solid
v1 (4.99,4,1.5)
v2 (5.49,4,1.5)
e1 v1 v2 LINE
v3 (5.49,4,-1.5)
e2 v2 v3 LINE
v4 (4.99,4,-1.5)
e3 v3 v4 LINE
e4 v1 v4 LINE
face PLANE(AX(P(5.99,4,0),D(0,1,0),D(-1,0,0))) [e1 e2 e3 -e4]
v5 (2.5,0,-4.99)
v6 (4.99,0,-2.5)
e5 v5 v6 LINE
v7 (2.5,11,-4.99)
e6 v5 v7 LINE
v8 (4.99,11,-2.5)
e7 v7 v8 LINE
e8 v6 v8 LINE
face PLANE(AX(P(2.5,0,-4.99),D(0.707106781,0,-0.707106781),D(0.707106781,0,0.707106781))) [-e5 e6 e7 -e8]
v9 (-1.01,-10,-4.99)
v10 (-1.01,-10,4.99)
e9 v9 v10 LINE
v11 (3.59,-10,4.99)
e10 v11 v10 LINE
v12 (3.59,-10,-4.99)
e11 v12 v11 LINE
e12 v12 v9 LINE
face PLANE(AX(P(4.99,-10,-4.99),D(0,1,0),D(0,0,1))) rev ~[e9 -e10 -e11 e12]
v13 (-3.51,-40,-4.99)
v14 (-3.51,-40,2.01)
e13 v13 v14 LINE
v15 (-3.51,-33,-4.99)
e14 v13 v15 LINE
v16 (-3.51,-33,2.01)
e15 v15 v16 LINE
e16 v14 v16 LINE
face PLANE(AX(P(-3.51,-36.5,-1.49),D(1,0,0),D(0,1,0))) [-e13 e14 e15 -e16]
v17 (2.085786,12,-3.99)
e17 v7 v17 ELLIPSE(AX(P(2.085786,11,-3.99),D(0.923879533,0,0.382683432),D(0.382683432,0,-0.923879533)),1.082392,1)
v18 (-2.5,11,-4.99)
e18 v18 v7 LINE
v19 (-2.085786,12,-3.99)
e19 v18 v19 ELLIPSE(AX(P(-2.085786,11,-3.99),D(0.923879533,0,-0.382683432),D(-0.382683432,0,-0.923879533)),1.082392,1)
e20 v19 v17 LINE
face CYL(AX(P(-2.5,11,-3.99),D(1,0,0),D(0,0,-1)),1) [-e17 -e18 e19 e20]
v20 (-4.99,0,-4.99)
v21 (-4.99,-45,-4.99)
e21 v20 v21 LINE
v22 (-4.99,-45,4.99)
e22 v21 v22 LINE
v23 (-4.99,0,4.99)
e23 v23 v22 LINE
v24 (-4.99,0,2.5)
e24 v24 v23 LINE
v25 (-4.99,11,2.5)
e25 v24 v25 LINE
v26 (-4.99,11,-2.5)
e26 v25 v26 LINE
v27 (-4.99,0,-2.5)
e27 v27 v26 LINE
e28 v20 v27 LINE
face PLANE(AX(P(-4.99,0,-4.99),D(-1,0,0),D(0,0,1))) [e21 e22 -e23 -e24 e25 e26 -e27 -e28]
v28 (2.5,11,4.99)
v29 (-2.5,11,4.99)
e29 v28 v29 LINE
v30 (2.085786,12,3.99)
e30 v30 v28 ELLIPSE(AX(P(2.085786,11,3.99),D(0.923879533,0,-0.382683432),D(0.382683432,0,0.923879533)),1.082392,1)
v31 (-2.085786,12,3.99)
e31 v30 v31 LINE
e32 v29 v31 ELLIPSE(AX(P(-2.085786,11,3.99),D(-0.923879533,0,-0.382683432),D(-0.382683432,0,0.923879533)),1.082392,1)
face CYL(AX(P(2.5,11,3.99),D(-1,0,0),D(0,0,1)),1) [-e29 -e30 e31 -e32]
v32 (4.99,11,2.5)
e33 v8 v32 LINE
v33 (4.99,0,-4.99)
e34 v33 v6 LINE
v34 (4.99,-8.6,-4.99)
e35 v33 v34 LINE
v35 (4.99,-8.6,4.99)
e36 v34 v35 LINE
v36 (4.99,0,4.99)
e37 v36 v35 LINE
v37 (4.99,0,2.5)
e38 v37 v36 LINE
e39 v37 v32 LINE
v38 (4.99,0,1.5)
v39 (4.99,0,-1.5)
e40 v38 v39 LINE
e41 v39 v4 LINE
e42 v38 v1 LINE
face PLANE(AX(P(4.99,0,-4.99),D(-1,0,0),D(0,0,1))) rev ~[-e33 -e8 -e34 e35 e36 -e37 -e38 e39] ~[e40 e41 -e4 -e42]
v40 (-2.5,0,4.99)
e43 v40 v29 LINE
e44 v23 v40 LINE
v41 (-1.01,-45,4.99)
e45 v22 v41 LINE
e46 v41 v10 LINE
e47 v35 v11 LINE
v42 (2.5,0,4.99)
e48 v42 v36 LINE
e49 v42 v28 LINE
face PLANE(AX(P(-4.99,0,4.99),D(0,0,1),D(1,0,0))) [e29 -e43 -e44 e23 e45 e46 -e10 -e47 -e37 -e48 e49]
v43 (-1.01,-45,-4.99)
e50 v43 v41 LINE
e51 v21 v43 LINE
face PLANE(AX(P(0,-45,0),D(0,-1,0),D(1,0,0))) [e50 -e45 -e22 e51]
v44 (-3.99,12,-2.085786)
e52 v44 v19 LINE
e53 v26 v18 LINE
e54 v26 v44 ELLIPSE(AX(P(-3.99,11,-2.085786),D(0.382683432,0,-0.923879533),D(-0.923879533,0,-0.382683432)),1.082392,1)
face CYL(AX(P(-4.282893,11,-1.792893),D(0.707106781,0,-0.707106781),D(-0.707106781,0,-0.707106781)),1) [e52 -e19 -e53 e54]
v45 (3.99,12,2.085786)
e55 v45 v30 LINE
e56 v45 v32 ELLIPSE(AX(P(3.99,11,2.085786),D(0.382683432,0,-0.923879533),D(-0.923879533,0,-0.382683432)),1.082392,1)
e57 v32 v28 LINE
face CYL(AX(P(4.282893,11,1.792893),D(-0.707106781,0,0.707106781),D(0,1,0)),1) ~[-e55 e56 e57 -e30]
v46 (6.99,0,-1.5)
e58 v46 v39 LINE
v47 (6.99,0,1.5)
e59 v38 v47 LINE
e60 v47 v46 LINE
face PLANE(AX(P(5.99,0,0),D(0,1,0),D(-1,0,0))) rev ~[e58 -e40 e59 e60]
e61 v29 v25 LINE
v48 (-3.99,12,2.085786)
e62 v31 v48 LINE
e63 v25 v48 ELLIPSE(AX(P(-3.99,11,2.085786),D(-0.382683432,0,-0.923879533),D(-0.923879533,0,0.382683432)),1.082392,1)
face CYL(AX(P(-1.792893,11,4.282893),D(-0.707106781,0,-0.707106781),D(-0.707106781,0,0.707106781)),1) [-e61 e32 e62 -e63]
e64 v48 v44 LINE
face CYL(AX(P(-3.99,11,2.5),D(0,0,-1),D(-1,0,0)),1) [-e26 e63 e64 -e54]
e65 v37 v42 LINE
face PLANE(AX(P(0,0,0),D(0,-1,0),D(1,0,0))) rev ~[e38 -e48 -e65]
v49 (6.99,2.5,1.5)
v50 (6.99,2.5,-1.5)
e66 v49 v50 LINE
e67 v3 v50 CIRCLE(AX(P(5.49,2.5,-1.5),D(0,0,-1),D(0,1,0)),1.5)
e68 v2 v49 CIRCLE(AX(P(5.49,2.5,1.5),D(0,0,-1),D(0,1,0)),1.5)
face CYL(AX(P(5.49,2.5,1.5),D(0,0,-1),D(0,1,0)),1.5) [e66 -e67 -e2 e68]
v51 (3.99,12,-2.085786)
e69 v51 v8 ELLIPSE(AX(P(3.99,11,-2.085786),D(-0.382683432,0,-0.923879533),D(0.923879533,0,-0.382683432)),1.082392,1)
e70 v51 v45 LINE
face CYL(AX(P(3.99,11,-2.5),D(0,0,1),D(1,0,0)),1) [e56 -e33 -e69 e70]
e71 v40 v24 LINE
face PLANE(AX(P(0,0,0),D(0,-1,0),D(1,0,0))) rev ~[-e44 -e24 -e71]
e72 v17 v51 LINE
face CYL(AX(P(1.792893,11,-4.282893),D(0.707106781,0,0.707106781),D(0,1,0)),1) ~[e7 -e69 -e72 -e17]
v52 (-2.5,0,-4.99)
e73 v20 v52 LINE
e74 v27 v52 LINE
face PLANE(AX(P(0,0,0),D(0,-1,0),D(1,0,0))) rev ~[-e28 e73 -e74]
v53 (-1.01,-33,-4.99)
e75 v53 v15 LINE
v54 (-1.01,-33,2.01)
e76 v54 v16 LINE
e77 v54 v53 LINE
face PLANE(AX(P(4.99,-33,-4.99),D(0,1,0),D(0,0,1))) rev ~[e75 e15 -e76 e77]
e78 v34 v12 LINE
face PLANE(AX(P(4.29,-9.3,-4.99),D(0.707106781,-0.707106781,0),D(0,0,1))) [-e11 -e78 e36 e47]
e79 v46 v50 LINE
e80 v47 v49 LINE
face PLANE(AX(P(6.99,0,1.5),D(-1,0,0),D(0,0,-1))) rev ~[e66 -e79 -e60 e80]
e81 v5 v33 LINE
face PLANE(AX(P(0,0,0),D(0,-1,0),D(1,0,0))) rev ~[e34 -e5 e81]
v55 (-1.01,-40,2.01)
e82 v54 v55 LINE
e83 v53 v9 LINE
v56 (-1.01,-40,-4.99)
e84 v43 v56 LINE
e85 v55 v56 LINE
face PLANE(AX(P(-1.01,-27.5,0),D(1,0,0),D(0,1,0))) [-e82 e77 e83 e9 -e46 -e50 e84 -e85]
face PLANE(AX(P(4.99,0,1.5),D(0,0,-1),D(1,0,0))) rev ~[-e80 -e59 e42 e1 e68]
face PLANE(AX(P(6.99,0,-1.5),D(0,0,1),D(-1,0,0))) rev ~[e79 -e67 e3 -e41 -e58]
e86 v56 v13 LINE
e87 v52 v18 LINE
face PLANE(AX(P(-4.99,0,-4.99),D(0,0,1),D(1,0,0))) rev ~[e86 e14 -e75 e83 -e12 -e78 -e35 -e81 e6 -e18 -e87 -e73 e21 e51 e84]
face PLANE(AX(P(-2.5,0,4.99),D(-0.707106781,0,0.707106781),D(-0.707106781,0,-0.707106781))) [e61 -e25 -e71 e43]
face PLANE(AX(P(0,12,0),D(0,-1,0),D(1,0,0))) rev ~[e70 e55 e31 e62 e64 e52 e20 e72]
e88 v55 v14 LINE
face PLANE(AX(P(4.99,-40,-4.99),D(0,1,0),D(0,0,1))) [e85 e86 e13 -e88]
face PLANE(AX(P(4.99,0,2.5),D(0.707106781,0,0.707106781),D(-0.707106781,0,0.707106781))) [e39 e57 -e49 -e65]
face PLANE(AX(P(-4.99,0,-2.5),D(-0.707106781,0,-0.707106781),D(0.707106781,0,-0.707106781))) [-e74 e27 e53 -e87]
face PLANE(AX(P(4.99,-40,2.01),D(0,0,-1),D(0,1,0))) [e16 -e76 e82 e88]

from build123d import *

# Parameters (mm, degrees)
SKETCH_W        = 9.98
SKETCH_H        = 9.98
PAD_DEPTH       = 45
SKETCH001_W     = 7
SKETCH001_H     = 7
POCKET_DEPTH    = 8.5
PAD001_DEPTH    = 12
FILLET_R        = 1
SKETCH004_W     = 35
SKETCH004_H     = 9.98
POCKET002_DEPTH = 6
CHAMFER_SIZE    = 1.4
PAD002_DEPTH    = 4
FILLET001_R     = 1.5


with BuildPart() as part:
    # Sketch → Pad (new body)
    with BuildSketch(Plane.XZ):
        Rectangle(SKETCH_W, SKETCH_H)
    extrude(amount=PAD_DEPTH)

    # Sketch001 (on Face3 of Pad) → Pocket (cut)
    with BuildSketch(Plane.YZ.offset(4.99)):
        with Locations((-36.5, -1.49)):
            Rectangle(SKETCH001_W, SKETCH001_H)
    extrude(amount=-POCKET_DEPTH, mode=Mode.SUBTRACT)

    # Sketch002 (on Face4 of Pocket) → Pad001 (join)
    with BuildSketch(Plane(origin=(0, 0, 0), x_dir=(-1, 0, 0), z_dir=(0, 1, 0))):
        Polygon((-4.99, 2.5), (-2.5, 4.99), (2.5, 4.99), (4.99, 2.5), (4.99, -2.5), (2.5, -4.99), (-2.5, -4.99), (-4.99, -2.5), align=None)
    extrude(amount=PAD001_DEPTH)

    # Fillet
    fillet_edges = [part.edges().sort_by_distance(p)[0] for p in [
        (3.745, 12, 3.745),
        (0, 12, 4.99),
        (-3.745, 12, 3.745),
        (-4.99, 12, 0),
        (-3.745, 12, -3.745),
        (0, 12, -4.99),
        (3.745, 12, -3.745),
        (4.99, 12, 0),
    ]]
    fillet(fillet_edges, radius=FILLET_R)

    # Sketch004 → Pocket002 (cut)
    with BuildSketch(Plane.YZ.offset(4.99)):
        with Locations((-27.5, 0)):
            Rectangle(SKETCH004_W, SKETCH004_H)
    extrude(amount=-POCKET002_DEPTH, mode=Mode.SUBTRACT)

    # Chamfer
    chamfer_edges = [part.edges().sort_by_distance(p)[0] for p in [
        (4.99, -10, 0),
    ]]
    chamfer(chamfer_edges, length=CHAMFER_SIZE)

    # Sketch005 → Pad002 (join)
    with BuildSketch(Plane.XZ):
        Polygon((4.99, 1.5), (6.99, 1.5), (6.99, -1.5), (4.99, -1.5), (4.99, 0), align=None)
    extrude(amount=-PAD002_DEPTH)

    # Fillet001
    fillet001_edges = [part.edges().sort_by_distance(p)[0] for p in [
        (6.99, 4, 0),
    ]]
    fillet(fillet001_edges, radius=FILLET001_R)


solid = part.part
